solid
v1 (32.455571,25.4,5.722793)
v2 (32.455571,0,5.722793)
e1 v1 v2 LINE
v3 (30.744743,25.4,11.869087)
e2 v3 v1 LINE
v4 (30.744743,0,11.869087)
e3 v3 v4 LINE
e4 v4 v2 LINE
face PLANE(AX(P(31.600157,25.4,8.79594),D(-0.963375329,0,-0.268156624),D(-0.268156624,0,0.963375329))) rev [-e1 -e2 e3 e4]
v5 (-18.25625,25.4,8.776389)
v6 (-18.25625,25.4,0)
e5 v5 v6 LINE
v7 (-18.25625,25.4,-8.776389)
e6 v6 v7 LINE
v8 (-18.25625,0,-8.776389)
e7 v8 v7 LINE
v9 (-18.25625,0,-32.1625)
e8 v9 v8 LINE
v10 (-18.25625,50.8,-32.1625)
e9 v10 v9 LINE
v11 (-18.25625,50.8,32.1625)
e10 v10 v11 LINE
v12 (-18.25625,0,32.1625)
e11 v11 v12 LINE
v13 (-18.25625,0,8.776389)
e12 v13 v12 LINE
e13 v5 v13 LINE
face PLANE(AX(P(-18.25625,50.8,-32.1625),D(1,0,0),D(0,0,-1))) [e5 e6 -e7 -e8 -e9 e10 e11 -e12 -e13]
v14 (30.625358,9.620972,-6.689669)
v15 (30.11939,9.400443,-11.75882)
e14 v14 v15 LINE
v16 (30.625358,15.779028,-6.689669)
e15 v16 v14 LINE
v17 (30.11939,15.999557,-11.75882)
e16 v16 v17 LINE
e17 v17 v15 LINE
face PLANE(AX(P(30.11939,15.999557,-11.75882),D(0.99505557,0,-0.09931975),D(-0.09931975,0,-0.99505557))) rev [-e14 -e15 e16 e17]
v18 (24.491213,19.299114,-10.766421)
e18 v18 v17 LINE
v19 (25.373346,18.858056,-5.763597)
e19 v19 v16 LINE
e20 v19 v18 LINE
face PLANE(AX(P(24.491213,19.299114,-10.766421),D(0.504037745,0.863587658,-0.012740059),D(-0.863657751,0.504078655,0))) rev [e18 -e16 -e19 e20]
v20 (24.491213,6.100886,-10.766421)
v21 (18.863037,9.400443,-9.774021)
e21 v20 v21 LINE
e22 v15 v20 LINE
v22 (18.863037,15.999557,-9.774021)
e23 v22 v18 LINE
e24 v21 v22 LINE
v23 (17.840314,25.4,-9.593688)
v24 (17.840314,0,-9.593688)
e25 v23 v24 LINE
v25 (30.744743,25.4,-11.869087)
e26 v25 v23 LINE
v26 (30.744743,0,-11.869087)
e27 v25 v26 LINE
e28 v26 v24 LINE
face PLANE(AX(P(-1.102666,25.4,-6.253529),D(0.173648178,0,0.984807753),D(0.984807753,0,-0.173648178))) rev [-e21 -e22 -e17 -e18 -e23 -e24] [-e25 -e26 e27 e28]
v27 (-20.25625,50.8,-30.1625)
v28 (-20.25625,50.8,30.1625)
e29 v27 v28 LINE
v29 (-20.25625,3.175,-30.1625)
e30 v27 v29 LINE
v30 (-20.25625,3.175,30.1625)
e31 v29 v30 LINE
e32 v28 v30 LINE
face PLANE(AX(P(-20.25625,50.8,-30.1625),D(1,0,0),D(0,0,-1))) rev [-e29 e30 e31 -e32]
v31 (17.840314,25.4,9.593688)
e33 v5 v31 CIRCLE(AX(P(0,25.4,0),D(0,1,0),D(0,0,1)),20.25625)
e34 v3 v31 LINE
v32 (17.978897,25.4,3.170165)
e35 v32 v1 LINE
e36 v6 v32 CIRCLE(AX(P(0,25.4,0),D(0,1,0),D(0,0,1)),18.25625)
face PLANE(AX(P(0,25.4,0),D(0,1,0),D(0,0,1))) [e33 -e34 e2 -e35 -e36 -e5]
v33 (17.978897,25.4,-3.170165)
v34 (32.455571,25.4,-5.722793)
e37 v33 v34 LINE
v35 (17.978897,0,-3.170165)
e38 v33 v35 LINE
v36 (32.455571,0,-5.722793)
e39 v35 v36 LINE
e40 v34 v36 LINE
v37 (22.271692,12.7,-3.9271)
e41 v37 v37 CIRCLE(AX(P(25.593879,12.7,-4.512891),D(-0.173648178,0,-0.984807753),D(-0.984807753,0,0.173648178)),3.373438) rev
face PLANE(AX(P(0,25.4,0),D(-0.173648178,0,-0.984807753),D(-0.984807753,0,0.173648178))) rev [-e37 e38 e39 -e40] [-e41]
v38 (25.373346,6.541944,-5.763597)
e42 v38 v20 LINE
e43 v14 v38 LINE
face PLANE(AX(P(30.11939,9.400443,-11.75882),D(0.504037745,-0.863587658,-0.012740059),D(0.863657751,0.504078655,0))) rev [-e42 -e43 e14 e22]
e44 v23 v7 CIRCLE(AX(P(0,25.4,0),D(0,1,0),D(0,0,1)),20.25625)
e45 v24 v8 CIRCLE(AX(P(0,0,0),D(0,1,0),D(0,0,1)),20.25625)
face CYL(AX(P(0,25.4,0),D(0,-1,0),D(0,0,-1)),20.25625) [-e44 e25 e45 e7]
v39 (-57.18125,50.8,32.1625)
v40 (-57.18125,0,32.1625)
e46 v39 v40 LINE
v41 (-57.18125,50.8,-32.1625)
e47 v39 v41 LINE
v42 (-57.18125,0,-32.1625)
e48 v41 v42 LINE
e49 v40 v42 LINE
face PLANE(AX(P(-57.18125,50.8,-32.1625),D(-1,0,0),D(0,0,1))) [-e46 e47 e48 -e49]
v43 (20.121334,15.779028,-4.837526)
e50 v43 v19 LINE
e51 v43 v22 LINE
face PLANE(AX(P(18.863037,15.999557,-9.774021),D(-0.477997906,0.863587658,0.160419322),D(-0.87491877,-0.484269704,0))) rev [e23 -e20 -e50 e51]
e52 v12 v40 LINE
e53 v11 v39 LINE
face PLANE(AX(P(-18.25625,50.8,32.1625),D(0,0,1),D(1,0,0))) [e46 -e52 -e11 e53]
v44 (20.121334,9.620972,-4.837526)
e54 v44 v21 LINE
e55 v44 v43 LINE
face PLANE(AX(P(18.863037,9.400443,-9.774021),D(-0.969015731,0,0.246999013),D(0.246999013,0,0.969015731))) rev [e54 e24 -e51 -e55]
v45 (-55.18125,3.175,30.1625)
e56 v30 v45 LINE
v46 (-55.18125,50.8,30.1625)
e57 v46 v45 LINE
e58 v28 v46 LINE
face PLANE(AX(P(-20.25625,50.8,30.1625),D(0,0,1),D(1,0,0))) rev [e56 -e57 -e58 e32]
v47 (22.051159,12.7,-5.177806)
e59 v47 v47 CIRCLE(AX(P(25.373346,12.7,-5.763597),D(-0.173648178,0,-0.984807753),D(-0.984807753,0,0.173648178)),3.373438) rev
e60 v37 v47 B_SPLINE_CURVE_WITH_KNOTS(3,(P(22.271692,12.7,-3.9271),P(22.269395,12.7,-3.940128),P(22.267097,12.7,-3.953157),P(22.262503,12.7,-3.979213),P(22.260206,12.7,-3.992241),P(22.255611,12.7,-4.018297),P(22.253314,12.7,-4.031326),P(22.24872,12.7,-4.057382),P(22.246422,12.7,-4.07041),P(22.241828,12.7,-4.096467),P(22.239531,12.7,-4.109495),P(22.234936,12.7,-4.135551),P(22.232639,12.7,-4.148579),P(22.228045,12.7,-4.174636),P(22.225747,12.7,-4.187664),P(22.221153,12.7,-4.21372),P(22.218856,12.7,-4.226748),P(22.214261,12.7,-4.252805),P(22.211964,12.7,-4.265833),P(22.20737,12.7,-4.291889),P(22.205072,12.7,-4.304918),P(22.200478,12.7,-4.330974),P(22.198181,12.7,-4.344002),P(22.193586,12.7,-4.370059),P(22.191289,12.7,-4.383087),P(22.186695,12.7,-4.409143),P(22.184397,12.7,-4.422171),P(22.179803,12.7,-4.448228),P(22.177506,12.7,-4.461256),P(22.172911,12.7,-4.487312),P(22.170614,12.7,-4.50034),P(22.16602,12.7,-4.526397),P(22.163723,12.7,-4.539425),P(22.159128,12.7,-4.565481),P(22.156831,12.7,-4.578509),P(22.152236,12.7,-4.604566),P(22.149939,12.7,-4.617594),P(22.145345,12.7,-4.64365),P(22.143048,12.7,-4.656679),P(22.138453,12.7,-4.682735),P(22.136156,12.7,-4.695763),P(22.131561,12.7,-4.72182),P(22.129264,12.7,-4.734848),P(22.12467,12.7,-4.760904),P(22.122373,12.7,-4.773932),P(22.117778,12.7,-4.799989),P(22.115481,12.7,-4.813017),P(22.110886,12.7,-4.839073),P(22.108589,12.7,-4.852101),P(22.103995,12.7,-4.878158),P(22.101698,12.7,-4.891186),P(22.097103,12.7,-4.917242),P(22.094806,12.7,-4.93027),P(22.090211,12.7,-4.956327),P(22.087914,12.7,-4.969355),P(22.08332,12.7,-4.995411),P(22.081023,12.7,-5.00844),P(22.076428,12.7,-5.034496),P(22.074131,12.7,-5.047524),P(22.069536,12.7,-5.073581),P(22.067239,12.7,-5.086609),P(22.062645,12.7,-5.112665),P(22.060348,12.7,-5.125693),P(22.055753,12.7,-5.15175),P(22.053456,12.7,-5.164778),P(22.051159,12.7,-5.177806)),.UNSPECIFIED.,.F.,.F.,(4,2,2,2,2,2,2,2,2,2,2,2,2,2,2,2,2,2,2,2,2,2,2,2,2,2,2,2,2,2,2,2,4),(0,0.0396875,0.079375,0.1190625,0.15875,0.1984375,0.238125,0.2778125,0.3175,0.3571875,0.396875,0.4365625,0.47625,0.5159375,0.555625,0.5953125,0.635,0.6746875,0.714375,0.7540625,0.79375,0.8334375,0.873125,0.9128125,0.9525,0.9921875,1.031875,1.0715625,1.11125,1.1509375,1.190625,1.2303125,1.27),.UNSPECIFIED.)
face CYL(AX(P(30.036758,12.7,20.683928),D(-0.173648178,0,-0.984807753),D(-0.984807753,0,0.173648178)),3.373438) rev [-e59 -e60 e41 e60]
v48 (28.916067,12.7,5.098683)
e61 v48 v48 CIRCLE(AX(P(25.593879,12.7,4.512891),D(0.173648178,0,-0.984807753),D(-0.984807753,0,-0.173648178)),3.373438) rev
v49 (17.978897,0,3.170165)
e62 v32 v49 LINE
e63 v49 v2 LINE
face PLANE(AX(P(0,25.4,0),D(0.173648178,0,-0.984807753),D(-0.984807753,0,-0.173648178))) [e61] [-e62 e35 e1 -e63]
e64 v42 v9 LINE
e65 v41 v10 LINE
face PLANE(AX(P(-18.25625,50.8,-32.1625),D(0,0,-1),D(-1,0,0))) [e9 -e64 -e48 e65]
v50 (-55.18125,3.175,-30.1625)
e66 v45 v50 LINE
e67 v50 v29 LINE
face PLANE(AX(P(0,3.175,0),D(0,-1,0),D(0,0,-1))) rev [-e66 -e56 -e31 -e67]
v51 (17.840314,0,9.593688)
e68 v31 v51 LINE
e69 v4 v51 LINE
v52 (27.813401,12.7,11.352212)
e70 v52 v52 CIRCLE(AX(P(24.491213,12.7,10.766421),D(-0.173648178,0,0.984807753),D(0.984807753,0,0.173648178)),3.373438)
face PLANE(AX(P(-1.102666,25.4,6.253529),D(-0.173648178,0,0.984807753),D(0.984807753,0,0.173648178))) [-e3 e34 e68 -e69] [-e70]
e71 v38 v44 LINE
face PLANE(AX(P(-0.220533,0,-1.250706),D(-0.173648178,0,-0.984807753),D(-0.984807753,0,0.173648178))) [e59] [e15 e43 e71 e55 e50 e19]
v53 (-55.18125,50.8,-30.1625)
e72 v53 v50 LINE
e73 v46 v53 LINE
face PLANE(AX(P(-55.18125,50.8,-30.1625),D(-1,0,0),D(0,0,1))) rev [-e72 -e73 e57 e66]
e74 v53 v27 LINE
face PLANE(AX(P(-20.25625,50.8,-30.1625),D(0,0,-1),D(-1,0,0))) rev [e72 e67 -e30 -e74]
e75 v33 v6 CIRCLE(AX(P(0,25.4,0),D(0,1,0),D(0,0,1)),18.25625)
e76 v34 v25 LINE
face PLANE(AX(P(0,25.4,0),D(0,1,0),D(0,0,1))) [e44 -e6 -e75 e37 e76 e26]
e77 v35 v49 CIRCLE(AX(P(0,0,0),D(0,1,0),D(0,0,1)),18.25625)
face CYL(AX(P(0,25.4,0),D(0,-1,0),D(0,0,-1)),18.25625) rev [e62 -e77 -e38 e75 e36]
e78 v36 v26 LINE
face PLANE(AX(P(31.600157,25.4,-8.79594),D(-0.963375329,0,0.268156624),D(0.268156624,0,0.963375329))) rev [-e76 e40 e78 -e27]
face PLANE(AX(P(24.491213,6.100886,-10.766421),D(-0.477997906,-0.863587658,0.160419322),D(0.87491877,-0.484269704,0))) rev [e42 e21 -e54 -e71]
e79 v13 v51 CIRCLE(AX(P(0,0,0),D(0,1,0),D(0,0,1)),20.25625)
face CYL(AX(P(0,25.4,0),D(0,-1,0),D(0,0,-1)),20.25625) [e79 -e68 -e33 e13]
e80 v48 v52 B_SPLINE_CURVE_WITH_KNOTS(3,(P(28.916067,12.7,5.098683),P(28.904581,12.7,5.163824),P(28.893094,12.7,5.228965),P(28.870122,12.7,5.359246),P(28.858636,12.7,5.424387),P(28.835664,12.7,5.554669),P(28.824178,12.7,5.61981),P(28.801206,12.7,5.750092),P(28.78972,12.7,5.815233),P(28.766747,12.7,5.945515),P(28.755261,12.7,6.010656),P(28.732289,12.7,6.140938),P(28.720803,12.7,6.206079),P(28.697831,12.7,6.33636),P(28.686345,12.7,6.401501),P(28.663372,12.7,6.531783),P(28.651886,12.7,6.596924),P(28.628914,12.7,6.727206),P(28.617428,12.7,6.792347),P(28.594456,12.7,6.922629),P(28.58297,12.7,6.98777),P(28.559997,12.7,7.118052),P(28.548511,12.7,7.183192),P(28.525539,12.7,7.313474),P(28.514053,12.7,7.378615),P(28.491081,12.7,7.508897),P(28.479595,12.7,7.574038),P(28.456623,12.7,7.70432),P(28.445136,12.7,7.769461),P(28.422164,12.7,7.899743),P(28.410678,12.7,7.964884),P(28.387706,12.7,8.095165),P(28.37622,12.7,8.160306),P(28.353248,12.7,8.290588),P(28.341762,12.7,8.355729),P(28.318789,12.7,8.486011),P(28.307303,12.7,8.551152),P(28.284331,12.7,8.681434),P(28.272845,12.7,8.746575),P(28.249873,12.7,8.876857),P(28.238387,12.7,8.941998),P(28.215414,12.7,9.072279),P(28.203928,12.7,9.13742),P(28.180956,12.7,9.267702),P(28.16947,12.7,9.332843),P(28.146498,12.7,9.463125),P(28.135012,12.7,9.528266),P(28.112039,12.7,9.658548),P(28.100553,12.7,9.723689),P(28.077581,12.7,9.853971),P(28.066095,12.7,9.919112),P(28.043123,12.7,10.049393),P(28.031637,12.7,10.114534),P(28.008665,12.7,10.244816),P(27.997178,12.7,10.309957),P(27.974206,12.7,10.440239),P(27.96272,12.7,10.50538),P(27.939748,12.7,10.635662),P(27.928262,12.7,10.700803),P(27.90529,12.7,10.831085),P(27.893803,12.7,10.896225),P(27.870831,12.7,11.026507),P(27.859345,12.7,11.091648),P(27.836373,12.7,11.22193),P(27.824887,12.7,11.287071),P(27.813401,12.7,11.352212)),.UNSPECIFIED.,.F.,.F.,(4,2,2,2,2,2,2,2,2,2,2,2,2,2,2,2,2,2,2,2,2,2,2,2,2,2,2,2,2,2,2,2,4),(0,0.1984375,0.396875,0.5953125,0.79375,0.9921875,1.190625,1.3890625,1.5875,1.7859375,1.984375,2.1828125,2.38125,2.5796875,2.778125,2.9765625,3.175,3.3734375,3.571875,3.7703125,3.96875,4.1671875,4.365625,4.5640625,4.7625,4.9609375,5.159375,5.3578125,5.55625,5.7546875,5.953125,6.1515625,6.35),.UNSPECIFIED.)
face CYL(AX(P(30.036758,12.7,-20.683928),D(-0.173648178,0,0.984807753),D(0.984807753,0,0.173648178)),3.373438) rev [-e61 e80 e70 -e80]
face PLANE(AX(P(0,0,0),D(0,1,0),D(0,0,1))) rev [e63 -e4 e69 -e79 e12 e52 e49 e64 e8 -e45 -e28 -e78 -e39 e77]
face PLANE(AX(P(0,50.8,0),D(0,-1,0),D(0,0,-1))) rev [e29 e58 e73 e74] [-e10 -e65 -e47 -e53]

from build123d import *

# Parameters (mm, degrees)
BOSS_EXTRUDE1_DEPTH = 25.4
CUT_EXTRUDE1_REACH  = 51.74
SKETCH3_R           = 3.3734375
CUT_EXTRUDE2_REACH  = 51.74
SKETCH4_R           = 3.3734375
SKETCH6_W           = 38.925
SKETCH6_H           = 64.325
SKETCH6_W_2         = 34.925
SKETCH6_H_2         = 60.325
BOSS_EXTRUDE4_DEPTH = 50.8
CUT_EXTRUDE3_DEPTH  = 5.08
CUT_EXTRUDE3_DRAFT  = -4.3
SKETCH9_W           = 34.925
SKETCH9_H           = 60.325
BOSS_EXTRUDE6_DEPTH = 3.175


with BuildPart() as part:
    # Sketch1 → Boss-Extrude1 (new body)
    with BuildSketch(Plane(origin=(0, 0, 0), x_dir=(1, 0, 0), z_dir=(0, 1, 0))):
        with BuildLine():
            Line((17.840314435, -9.593687765), (19.948512047, -3.517460899))
            Line((19.948512047, -3.517460899), (17.978896541, -3.170164544))
            ThreePointArc((17.978896541, -3.170164544), (-18.25625, 0), (17.978896541, 3.170164544))
            Line((17.978896541, 3.170164544), (19.948512047, 3.517460899))
            Line((19.948512047, 3.517460899), (17.840314435, 9.593687765))
            ThreePointArc((17.840314435, 9.593687765), (-20.25625, 0), (17.840314435, -9.593687765))
        make_face()
        with BuildLine():
            Line((30.744742589, 11.869086619), (17.840314435, 9.593687765))
            ThreePointArc((17.840314435, 9.593687765), (19.137110151, 6.63978005), (19.948512047, 3.517460899))
            Line((19.948512047, 3.517460899), (32.45557051, 5.722792755))
            Line((32.45557051, 5.722792755), (30.744742589, 11.869086619))
        make_face()
        with BuildLine():
            Line((32.45557051, -5.722792755), (19.948512047, -3.517460899))
            ThreePointArc((19.948512047, -3.517460899), (19.137110151, -6.63978005), (17.840314435, -9.593687765))
            Line((17.840314435, -9.593687765), (30.744742589, -11.869086619))
            Line((30.744742589, -11.869086619), (32.45557051, -5.722792755))
        make_face()
        with BuildLine():
            ThreePointArc((17.840314435, -9.593687765), (19.137110151, -6.63978005), (19.948512047, -3.517460899))
            Line((19.948512047, -3.517460899), (17.840314435, -9.593687765))
        make_face()
        with BuildLine():
            ThreePointArc((19.948512047, 3.517460899), (19.137110151, 6.63978005), (17.840314435, 9.593687765))
            Line((17.840314435, 9.593687765), (19.948512047, 3.517460899))
        make_face()
    extrude(amount=BOSS_EXTRUDE1_DEPTH)

    # Sketch3 → Cut-Extrude1 (cut, up to next)
    with BuildSketch(Plane(origin=(-1.102665928, 0, 6.253529232), x_dir=(0.984807753012208, 0, 0.17364817766693044), z_dir=(-0.17364817766693044, 0, 0.984807753012208)), mode=Mode.PRIVATE) as cut_extrude1_sk1:
        with Locations((25.988706128, 12.7)):
            Circle(SKETCH3_R)
    cut_extrude1_tool1 = extrude(cut_extrude1_sk1.sketch, amount=-CUT_EXTRUDE1_REACH, mode=Mode.PRIVATE) & part.part
    add(cut_extrude1_tool1.solids().sort_by_distance((24.491213, 12.7, 10.766421))[0], mode=Mode.SUBTRACT)

    # Sketch4 → Cut-Extrude2 (cut, up to next)
    with BuildSketch(Plane(origin=(-1.102665928, 0, -6.253529232), x_dir=(-0.984807753012208, 0, 0.17364817766693136), z_dir=(-0.17364817766693136, 0, -0.984807753012208)), mode=Mode.PRIVATE) as cut_extrude2_sk1:
        with Locations((-25.988706128, 12.7)):
            Circle(SKETCH4_R)
    cut_extrude2_tool1 = extrude(cut_extrude2_sk1.sketch, amount=-CUT_EXTRUDE2_REACH, mode=Mode.PRIVATE) & part.part
    add(cut_extrude2_tool1.solids().sort_by_distance((24.491213, 12.7, -10.766421))[0], mode=Mode.SUBTRACT)

    # Sketch6 → Boss-Extrude4 (add)
    with BuildSketch(Plane.XZ):
        with Locations((-37.71875, 0)):
            Rectangle(SKETCH6_W, SKETCH6_H)
        with Locations((-37.71875, 0)):
            Rectangle(SKETCH6_W_2, SKETCH6_H_2, mode=Mode.SUBTRACT)
    extrude(amount=-BOSS_EXTRUDE4_DEPTH)


with BuildPart() as cut_extrude3_tool:
    # Sketch8 → Cut-Extrude3 (with draft: the straight prism first)
    with BuildSketch(Plane(origin=(-1.102665928, 0, -6.253529232), x_dir=(-0.984807753012208, 0, 0.17364817766693136), z_dir=(-0.17364817766693136, 0, -0.984807753012208))):
        Polygon((-20.273706128, 9.400443212), (-20.273706128, 15.999556788), (-25.988706128, 19.299113577), (-31.703706128, 15.999556788), (-31.703706128, 9.400443212), (-25.988706128, 6.100886423), align=None)
    extrude(amount=-CUT_EXTRUDE3_DEPTH)
    # Cut-Extrude3: the draft: its side faces are tilted about the plane it starts from
    cut_extrude3_sides = [cut_extrude3_tool.faces().sort_by_distance(p)[0] for p in [
        (19.304103421, 12.7, -7.272609663),
        (22.118191575, 17.649335183, -7.76880933),
        (27.746367883, 17.649335183, -8.761208666),
        (30.560456038, 12.7, -9.257408333),
        (27.746367883, 7.750664817, -8.761208666),
        (22.118191575, 7.750664817, -7.76880933),
    ]]
    draft(cut_extrude3_sides, Plane(origin=(-1.102665928, 0, -6.253529232), x_dir=(-0.984807753012208, 0, 0.17364817766693136), z_dir=(-0.17364817766693136, 0, -0.984807753012208)), CUT_EXTRUDE3_DRAFT)


with BuildPart() as part_1:
    add(part.part)

    # Cut-Extrude3: cut by cut_extrude3_tool
    add(cut_extrude3_tool.part, mode=Mode.SUBTRACT)

    # Sketch9 → Boss-Extrude6 (add)
    with BuildSketch(Plane.XZ):
        with Locations((-37.71875, 0)):
            Rectangle(SKETCH9_W, SKETCH9_H)
    extrude(amount=-BOSS_EXTRUDE6_DEPTH)


solid = part_1.part
